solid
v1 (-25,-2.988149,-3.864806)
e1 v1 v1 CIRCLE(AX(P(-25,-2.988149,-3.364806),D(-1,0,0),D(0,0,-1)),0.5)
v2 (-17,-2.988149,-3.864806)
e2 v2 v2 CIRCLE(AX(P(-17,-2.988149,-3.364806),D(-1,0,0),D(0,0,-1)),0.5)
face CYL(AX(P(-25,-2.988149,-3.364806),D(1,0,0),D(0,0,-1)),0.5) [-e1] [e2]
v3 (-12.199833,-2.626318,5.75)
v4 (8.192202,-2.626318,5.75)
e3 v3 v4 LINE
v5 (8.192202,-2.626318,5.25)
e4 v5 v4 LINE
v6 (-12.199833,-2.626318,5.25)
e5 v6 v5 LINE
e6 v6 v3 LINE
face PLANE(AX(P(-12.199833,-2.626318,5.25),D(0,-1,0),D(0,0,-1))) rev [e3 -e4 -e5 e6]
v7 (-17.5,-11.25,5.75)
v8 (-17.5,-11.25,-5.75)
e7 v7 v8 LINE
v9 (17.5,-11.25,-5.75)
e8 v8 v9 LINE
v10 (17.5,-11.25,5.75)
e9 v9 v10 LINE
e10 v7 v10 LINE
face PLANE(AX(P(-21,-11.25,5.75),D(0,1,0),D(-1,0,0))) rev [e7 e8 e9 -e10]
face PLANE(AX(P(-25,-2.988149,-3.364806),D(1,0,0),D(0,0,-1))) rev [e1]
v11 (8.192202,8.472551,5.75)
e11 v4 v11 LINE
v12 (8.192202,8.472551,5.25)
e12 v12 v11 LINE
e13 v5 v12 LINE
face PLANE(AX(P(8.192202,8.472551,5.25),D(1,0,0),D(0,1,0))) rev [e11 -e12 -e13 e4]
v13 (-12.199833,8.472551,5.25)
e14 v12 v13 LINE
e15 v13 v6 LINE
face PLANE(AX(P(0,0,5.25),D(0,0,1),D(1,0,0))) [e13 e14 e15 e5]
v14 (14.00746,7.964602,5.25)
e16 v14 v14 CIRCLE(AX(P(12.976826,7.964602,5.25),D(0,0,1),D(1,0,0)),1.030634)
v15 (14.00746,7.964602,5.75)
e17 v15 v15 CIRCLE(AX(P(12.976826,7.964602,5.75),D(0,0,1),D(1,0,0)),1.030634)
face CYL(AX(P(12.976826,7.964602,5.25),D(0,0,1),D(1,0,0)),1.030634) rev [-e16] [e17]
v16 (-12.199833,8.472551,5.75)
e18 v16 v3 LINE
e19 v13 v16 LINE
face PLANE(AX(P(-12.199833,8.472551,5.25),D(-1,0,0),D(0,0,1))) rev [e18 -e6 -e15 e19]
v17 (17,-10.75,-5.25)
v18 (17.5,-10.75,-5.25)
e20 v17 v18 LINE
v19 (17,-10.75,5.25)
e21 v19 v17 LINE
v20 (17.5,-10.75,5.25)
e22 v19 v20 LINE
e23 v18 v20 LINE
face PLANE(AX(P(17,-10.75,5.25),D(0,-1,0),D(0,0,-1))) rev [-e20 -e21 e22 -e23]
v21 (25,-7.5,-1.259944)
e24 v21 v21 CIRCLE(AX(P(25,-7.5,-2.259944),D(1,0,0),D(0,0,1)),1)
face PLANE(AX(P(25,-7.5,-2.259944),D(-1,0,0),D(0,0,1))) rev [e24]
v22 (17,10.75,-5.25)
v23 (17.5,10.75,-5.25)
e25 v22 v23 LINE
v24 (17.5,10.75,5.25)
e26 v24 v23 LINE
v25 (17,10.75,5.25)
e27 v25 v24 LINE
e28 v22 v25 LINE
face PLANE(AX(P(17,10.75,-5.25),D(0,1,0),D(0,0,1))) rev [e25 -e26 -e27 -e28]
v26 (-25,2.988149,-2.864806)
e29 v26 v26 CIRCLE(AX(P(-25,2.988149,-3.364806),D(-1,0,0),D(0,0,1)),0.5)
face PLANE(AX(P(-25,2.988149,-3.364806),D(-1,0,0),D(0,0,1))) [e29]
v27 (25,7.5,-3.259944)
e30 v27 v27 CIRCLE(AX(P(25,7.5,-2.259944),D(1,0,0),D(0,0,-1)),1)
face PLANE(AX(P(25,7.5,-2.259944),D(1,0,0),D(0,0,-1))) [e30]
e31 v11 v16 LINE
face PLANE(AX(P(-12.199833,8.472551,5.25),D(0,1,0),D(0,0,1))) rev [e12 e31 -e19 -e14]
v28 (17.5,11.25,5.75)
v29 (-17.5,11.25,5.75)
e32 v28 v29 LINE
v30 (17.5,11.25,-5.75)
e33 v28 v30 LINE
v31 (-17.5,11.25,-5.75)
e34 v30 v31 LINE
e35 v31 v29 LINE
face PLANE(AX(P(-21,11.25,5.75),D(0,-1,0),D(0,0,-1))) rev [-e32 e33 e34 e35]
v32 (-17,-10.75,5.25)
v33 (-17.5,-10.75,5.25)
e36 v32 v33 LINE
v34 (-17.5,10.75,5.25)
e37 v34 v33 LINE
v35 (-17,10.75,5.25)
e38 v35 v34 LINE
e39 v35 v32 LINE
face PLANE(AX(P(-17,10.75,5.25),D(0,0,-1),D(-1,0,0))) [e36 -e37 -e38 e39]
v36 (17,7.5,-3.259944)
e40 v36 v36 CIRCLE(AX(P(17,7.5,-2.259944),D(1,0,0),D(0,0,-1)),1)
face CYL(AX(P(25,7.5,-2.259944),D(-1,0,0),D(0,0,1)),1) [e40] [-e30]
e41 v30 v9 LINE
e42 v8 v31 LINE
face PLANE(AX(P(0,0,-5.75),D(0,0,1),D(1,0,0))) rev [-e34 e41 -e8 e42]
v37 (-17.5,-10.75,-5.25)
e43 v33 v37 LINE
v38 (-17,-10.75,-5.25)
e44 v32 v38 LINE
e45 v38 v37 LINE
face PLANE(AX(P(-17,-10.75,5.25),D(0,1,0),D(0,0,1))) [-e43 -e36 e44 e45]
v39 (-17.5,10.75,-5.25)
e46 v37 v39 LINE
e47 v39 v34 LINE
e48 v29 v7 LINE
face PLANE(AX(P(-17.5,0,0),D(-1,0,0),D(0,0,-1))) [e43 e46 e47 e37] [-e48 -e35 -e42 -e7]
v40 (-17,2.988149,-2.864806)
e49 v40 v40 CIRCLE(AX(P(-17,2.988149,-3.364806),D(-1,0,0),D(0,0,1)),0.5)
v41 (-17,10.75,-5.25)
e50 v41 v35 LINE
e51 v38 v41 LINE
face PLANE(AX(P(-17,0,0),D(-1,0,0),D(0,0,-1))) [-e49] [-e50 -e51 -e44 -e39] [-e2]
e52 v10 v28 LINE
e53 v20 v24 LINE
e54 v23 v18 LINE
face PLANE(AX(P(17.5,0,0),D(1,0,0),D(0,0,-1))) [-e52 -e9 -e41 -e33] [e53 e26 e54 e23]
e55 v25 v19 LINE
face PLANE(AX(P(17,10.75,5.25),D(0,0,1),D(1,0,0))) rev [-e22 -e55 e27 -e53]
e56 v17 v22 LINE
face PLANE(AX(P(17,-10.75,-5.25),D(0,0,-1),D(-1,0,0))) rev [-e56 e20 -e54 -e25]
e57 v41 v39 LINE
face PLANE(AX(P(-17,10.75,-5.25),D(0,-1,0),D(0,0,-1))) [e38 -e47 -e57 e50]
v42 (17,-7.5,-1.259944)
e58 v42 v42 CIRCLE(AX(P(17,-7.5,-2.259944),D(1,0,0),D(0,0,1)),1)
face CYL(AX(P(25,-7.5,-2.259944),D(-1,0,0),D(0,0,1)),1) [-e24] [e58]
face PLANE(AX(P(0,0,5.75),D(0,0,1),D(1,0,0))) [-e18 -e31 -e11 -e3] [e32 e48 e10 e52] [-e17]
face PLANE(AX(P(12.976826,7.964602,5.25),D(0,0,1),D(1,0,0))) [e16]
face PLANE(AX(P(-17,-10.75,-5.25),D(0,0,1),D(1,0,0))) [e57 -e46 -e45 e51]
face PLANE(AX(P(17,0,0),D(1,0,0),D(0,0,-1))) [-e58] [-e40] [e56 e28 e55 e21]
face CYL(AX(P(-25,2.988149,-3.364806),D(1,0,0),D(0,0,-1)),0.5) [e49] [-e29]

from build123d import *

# Parameters (mm, degrees)
SKETCH1_W           = 42
SKETCH1_H           = 22.5
BOSS_EXTRUDE1_DEPTH = 5.75
SKETCH2_W           = 10.5
SKETCH2_H           = 21.5
CUT_EXTRUDE1_DEPTH  = 4
SKETCH3_R           = 1
BOSS_EXTRUDE2_DEPTH = 8
SKETCH4_R           = 0.5
BOSS_EXTRUDE3_DEPTH = 8
SKETCH5_R           = 1.030633651
SKETCH5_W           = 20.392034512
SKETCH5_H           = 11.098868447
CUT_EXTRUDE2_DEPTH  = 0.5
SKETCH9_W           = 11.5
SKETCH9_H           = 22.5
SKETCH9_W_2         = 10.5
SKETCH9_H_2         = 21.5
CUT_EXTRUDE5_DEPTH  = 3.5
SKETCH10_W          = 11.5
SKETCH10_H          = 22.5
SKETCH10_W_2        = 10.5
SKETCH10_H_2        = 21.5
CUT_EXTRUDE6_DEPTH  = 3.5


with BuildPart() as part:
    # Sketch1 → Boss-Extrude1 (new body, symmetric)
    with BuildSketch(Plane.XY):
        Rectangle(SKETCH1_W, SKETCH1_H)
    extrude(amount=BOSS_EXTRUDE1_DEPTH, both=True)

    # Sketch2 → Cut-Extrude1 (cut)
    with BuildSketch(Plane(origin=(21, 0, 0), x_dir=(0, 0, -1), z_dir=(1, 0, 0))):
        Rectangle(SKETCH2_W, SKETCH2_H)
    cut_extrude1 = extrude(amount=-CUT_EXTRUDE1_DEPTH, mode=Mode.SUBTRACT)

    # Mirror1: Cut-Extrude1 across plane
    add(cut_extrude1.mirror(Plane(origin=(0, 0, 0), x_dir=(0, 0, 1), z_dir=(1, 0, 0))), mode=Mode.SUBTRACT)

    # Sketch3 → Boss-Extrude2 (add)
    with BuildSketch(Plane(origin=(17, 0, 0), x_dir=(0, 0, -1), z_dir=(1, 0, 0))):
        with Locations((2.259944465, 7.5)):
            Circle(SKETCH3_R)
        with Locations((2.259944465, -7.5)):
            Circle(SKETCH3_R)
    extrude(amount=BOSS_EXTRUDE2_DEPTH)

    # Sketch4 → Boss-Extrude3 (add)
    with BuildSketch(Plane.ZY.offset(17)):
        with Locations((-3.364806204, 2.988148793)):
            Circle(SKETCH4_R)
        with Locations((-3.364806204, -2.988148793)):
            Circle(SKETCH4_R)
    extrude(amount=BOSS_EXTRUDE3_DEPTH)

    # Sketch5 → Cut-Extrude2 (cut)
    with BuildSketch(Plane.XY.offset(5.75)):
        with Locations((12.976825893, 7.964601522)):
            Circle(SKETCH5_R)
        with Locations((-2.003815564, 2.9231166)):
            Rectangle(SKETCH5_W, SKETCH5_H)
    extrude(amount=-CUT_EXTRUDE2_DEPTH, mode=Mode.SUBTRACT)

    # Sketch9 → Cut-Extrude5 (cut)
    with BuildSketch(Plane(origin=(21, 0, 0), x_dir=(0, 0, -1), z_dir=(1, 0, 0))):
        Rectangle(SKETCH9_W, SKETCH9_H)
        Rectangle(SKETCH9_W_2, SKETCH9_H_2, mode=Mode.SUBTRACT)
    extrude(amount=-CUT_EXTRUDE5_DEPTH, mode=Mode.SUBTRACT)

    # Sketch10 → Cut-Extrude6 (cut)
    with BuildSketch(Plane.ZY.offset(21)):
        Rectangle(SKETCH10_W, SKETCH10_H)
        Rectangle(SKETCH10_W_2, SKETCH10_H_2, mode=Mode.SUBTRACT)
    extrude(amount=-CUT_EXTRUDE6_DEPTH, mode=Mode.SUBTRACT)


solid = part.part
